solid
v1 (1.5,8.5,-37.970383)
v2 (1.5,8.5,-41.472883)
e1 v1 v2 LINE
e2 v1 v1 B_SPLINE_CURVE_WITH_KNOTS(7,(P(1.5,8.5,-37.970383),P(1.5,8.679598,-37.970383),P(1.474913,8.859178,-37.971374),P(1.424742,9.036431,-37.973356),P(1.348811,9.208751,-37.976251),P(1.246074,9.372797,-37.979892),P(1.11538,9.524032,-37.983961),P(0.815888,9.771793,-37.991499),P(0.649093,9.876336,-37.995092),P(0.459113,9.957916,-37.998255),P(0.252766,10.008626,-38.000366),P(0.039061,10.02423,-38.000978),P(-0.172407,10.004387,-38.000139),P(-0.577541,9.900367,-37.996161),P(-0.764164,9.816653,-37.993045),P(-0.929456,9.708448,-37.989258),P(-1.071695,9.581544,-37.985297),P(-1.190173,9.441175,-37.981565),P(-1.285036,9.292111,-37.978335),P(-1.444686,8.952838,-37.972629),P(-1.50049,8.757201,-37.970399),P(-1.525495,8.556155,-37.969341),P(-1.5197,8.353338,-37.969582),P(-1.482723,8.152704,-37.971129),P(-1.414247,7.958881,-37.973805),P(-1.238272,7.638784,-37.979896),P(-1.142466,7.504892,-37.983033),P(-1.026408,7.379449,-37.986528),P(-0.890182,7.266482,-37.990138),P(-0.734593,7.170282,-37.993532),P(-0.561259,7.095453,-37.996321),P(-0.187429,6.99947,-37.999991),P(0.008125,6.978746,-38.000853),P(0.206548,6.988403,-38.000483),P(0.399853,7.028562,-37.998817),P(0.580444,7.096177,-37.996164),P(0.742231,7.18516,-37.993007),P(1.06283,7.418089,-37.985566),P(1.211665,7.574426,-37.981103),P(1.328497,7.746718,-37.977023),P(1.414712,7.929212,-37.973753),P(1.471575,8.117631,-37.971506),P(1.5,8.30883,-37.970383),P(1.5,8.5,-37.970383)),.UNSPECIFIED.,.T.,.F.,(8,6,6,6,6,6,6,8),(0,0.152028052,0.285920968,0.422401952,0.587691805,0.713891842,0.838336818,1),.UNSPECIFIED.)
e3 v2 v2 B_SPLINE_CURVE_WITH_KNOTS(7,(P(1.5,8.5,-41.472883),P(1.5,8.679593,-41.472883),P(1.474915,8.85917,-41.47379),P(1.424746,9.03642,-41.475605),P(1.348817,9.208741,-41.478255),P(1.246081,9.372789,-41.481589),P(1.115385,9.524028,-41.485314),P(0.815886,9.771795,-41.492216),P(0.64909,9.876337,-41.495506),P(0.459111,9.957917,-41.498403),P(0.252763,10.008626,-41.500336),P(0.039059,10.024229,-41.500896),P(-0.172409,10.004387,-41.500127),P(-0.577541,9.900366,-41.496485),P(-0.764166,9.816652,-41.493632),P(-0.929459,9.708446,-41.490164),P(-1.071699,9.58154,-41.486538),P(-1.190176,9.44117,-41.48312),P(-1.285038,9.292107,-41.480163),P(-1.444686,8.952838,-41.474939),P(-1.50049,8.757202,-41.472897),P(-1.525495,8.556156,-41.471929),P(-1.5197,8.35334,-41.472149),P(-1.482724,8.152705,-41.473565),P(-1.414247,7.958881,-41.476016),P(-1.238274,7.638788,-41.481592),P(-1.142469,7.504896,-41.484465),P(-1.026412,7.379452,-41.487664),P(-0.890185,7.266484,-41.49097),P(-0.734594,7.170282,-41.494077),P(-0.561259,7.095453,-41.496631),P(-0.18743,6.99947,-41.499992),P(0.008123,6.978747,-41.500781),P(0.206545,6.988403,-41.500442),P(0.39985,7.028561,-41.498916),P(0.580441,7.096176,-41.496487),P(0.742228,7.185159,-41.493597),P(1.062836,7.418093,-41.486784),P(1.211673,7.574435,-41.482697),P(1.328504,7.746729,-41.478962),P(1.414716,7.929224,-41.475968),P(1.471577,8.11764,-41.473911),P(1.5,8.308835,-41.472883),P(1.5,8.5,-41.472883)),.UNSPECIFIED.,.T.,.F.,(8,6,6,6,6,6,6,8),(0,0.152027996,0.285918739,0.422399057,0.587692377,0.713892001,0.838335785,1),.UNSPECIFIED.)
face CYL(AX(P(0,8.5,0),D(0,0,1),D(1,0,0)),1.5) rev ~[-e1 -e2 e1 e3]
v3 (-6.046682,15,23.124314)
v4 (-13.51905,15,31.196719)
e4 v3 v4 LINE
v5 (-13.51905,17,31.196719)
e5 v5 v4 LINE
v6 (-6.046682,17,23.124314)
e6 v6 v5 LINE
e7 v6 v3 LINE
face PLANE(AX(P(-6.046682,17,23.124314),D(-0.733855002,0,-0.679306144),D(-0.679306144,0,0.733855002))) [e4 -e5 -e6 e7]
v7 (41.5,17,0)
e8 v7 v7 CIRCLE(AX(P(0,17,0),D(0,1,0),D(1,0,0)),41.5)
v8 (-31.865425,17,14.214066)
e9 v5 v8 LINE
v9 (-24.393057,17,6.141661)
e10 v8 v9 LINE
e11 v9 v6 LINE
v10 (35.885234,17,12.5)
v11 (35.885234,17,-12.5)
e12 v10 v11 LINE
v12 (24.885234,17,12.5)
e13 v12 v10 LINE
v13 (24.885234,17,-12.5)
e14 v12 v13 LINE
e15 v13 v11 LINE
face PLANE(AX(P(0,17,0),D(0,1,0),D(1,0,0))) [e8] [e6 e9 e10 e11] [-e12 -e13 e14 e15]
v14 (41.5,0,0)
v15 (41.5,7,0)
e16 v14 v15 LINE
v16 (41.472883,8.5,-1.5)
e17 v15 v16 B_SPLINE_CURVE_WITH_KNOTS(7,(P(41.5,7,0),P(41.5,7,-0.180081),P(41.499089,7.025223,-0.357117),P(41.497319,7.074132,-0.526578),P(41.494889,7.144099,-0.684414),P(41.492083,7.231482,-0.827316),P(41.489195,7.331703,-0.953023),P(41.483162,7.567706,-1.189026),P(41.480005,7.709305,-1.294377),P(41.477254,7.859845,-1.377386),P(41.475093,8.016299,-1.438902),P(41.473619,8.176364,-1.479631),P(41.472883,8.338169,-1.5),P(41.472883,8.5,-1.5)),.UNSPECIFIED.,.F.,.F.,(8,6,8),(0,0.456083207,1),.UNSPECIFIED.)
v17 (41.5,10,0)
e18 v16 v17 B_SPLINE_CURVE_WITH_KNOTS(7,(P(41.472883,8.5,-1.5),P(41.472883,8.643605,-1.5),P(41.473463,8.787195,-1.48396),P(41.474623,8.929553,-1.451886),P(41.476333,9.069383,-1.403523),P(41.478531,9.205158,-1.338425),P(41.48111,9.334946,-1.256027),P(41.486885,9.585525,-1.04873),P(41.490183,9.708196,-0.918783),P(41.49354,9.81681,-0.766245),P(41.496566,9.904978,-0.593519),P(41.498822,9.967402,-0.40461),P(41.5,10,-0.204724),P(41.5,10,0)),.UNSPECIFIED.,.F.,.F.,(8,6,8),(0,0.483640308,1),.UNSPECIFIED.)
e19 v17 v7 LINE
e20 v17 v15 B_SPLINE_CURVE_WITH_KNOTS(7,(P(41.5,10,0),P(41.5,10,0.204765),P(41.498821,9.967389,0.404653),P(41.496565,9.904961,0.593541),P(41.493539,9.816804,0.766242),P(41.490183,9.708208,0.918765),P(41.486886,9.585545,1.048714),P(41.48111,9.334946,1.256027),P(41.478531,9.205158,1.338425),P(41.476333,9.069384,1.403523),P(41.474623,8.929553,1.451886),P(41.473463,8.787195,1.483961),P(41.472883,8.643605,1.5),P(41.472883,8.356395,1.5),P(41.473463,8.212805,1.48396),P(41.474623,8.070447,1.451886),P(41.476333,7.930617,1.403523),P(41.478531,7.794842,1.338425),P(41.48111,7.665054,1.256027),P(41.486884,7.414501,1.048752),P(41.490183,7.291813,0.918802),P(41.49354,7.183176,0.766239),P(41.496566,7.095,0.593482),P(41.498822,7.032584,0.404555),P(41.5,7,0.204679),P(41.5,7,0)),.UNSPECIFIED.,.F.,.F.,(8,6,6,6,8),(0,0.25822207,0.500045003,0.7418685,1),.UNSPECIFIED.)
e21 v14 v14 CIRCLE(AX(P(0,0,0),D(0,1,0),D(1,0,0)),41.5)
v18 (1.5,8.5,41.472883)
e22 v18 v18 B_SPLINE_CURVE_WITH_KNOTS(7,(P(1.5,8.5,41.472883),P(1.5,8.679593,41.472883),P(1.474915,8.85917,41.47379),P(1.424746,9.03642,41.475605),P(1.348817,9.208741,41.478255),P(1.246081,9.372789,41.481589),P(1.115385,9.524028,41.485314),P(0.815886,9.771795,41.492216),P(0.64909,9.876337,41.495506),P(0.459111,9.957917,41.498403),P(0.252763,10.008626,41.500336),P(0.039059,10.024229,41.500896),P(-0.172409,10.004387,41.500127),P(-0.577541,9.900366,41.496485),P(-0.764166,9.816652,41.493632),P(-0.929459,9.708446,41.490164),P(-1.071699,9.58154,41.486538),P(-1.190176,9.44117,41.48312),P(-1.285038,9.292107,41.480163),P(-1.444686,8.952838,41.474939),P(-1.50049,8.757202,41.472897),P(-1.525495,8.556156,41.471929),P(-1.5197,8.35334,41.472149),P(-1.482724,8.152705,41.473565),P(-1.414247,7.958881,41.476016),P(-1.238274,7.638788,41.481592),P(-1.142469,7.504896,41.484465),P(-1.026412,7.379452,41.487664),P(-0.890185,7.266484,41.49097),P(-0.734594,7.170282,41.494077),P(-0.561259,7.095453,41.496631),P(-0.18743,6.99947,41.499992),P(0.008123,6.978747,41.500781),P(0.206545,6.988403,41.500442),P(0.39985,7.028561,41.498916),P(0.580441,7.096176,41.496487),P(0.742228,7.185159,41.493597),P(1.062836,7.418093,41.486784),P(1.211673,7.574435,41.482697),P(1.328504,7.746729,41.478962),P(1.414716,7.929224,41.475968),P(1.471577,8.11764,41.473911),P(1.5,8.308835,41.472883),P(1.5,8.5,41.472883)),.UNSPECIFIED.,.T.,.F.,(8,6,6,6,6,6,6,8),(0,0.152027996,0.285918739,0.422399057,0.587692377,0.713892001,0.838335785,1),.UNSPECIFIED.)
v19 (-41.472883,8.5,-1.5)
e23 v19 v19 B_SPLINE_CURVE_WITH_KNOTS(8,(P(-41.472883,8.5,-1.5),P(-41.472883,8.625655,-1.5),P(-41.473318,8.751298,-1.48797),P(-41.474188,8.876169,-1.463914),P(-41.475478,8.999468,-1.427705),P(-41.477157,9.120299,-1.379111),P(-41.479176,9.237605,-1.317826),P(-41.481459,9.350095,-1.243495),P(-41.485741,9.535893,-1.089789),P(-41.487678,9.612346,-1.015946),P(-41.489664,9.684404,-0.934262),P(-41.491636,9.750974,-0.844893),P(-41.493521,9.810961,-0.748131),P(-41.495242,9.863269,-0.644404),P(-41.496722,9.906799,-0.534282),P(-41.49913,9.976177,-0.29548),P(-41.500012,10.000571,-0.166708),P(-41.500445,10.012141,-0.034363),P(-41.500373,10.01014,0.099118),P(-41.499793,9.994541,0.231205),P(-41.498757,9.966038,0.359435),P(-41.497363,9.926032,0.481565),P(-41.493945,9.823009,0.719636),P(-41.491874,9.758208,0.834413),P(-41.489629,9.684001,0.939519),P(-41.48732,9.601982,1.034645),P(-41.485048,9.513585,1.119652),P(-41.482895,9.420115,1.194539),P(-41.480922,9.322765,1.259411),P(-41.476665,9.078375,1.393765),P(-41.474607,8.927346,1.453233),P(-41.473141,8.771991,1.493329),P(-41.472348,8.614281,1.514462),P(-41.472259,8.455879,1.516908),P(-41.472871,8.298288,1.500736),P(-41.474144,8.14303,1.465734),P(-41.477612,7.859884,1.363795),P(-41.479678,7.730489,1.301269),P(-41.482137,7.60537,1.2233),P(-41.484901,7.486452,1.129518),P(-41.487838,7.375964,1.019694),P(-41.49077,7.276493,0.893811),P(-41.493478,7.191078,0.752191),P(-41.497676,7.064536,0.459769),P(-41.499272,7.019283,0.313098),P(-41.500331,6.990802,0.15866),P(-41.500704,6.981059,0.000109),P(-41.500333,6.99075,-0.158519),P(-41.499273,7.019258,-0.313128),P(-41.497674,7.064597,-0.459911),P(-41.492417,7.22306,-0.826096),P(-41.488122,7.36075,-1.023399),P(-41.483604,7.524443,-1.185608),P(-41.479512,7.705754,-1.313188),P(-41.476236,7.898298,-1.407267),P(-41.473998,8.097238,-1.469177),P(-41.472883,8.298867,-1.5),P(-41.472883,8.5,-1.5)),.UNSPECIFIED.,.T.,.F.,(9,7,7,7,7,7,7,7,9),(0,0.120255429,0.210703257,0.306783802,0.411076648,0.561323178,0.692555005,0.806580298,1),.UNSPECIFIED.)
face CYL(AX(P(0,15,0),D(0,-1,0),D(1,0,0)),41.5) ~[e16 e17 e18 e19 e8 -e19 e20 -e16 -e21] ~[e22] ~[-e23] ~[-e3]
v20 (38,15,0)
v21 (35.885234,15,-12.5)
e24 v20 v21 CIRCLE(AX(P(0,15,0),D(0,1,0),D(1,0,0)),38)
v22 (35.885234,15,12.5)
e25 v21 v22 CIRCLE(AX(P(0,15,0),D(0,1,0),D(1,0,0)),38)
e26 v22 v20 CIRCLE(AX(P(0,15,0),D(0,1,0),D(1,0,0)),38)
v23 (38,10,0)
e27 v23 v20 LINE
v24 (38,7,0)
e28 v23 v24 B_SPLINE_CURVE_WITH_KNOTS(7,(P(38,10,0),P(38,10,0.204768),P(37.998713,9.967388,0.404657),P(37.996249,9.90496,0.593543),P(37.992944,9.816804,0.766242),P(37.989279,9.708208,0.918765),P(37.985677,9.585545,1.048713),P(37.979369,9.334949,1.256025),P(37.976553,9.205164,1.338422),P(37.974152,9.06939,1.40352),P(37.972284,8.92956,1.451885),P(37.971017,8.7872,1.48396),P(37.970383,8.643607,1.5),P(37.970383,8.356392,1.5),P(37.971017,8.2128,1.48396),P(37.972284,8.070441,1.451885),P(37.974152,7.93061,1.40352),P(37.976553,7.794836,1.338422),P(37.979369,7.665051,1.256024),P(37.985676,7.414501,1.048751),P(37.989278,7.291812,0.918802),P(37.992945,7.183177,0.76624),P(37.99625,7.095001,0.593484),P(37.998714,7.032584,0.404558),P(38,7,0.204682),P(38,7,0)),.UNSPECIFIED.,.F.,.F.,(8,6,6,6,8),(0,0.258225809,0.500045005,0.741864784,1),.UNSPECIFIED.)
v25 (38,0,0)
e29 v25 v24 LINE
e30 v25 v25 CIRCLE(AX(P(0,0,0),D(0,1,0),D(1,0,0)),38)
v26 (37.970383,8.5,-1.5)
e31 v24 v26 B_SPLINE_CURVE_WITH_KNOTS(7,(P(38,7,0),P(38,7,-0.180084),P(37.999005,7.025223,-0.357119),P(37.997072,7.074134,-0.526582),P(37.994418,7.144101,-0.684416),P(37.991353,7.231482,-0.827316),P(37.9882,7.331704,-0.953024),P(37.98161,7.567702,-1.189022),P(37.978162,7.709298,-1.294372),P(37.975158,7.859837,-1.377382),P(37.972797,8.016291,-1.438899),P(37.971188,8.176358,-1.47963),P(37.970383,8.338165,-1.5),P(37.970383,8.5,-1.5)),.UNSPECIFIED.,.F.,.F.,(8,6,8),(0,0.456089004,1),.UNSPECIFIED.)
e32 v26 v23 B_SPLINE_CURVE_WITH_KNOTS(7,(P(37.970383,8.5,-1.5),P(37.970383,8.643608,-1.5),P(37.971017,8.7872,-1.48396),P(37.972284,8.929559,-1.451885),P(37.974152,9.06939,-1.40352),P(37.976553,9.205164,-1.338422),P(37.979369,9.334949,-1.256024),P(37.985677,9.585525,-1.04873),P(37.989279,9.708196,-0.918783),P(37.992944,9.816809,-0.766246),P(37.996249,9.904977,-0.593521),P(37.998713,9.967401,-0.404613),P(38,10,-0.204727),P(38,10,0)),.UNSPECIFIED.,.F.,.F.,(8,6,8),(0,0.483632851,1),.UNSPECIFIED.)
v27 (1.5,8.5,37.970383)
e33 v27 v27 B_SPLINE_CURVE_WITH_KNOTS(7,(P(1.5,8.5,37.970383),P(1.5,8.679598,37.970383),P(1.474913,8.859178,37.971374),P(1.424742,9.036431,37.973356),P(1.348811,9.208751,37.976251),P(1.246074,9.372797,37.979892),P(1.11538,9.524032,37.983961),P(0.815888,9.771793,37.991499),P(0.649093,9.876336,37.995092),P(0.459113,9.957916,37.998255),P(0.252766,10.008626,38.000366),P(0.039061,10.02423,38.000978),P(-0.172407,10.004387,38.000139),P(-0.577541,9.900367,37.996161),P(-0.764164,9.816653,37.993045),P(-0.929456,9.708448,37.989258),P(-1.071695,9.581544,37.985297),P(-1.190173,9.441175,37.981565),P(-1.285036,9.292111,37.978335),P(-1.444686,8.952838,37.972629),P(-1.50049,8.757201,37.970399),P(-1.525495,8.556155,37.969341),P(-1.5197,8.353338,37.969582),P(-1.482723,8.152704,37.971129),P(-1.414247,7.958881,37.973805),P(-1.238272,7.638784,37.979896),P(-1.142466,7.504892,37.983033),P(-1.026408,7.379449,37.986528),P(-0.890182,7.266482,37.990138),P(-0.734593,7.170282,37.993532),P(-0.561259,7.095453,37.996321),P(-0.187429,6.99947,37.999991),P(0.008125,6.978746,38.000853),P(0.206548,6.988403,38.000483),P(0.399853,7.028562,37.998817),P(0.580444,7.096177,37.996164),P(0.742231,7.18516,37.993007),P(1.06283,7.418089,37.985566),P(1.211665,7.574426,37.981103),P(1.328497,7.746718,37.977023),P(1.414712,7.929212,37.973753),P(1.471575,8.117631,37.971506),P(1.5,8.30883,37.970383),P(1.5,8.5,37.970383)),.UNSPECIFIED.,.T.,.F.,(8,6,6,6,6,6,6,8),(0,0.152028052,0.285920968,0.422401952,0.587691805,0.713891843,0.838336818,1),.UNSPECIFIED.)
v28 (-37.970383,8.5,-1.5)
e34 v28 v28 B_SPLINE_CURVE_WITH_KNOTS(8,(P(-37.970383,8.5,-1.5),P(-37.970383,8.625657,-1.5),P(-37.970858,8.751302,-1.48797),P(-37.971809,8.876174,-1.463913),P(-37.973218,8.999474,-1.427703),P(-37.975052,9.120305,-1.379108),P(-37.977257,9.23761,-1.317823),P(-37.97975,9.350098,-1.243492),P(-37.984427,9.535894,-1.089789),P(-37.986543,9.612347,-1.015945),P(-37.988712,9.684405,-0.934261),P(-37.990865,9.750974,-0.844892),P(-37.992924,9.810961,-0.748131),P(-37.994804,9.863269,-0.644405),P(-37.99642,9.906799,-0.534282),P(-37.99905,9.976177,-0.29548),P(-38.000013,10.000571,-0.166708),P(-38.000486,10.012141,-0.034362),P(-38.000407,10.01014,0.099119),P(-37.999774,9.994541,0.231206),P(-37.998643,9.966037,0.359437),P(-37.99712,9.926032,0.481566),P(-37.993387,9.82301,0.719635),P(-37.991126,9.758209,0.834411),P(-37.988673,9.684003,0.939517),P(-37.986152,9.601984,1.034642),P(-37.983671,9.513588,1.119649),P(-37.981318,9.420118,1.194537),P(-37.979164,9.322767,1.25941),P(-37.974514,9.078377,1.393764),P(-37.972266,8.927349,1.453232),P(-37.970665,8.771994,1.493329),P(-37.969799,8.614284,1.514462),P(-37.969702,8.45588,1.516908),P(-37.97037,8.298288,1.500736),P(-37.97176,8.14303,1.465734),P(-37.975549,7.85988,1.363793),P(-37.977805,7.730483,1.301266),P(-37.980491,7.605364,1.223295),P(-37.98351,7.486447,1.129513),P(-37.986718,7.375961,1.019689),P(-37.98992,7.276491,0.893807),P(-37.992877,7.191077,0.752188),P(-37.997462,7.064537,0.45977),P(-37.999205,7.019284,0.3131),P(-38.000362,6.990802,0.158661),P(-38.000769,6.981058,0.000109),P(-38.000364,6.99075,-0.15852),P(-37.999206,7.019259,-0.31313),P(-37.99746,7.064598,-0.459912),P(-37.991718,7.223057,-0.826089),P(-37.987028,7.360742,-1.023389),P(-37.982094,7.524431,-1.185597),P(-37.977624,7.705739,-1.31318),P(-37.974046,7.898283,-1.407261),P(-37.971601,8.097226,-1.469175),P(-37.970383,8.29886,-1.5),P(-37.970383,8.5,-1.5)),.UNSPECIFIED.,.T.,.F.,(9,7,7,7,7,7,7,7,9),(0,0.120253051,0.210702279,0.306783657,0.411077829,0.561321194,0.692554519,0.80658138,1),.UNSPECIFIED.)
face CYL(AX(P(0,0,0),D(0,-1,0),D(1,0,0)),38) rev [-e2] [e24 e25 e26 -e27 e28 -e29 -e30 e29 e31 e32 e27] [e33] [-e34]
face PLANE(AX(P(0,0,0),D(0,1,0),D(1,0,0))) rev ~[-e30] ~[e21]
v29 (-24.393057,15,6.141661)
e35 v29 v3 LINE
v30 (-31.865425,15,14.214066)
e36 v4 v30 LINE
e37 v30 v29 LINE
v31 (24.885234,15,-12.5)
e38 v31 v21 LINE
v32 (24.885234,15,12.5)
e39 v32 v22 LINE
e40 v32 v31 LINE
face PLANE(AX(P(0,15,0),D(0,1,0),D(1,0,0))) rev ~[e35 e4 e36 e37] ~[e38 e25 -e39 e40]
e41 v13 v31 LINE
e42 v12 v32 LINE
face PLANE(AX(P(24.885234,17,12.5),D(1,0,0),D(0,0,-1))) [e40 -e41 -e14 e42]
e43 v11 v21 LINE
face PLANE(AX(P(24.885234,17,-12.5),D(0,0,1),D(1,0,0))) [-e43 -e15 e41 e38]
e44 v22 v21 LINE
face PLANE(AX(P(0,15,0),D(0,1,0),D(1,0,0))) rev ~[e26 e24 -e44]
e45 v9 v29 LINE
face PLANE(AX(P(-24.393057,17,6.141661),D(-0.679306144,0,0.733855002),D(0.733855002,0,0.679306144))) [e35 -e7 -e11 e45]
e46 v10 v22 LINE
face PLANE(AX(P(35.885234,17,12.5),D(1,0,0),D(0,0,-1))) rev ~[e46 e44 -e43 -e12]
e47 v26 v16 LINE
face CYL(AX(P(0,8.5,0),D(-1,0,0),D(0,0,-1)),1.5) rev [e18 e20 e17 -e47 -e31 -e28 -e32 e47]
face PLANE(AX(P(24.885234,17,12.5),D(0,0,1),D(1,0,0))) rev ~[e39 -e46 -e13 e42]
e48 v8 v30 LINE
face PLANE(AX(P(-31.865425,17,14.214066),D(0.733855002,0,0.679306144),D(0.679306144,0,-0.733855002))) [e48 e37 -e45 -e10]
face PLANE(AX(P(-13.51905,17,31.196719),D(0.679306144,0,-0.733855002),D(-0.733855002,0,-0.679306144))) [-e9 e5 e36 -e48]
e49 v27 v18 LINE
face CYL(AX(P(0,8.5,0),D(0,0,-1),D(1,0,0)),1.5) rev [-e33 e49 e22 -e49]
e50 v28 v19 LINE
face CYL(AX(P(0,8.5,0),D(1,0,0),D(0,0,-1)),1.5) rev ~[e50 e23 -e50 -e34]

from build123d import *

# Parameters (mm, degrees)
SKETCH1_R               = 41.5
SKETCH1_R_2             = 38
BOSS_EXTRUDE1_DEPTH     = 15
SKETCH2_R               = 41.5
BOSS_EXTRUDE2_DEPTH     = 2
SKETCH3_W               = 11
SKETCH3_H               = 25
CUT_EXTRUDE1_DEPTH      = 3
SKETCH4_R               = 1.5
CUT_EXTRUDE2_DEPTH      = 80
CUT_EXTRUDE2_DEPTH_BACK = 80
SKETCH5_R               = 1.5
CUT_EXTRUDE4_DEPTH      = 80
CUT_EXTRUDE4_DEPTH_BACK = 80


with BuildPart() as part:
    # Sketch1 → Boss-Extrude1 (new body)
    with BuildSketch(Plane(origin=(0, 0, 0), x_dir=(1, 0, 0), z_dir=(0, 1, 0))):
        Circle(SKETCH1_R)
        Circle(SKETCH1_R_2, mode=Mode.SUBTRACT)
    extrude(amount=BOSS_EXTRUDE1_DEPTH)

    # Sketch2 → Boss-Extrude2 (add)
    with BuildSketch(Plane(origin=(0, 15, 0), x_dir=(1, 0, 0), z_dir=(0, 1, 0))):
        Circle(SKETCH2_R)
    extrude(amount=BOSS_EXTRUDE2_DEPTH)

    # Sketch3 → Cut-Extrude1 (cut)
    with BuildSketch(Plane(origin=(0, 17, 0), x_dir=(1, 0, 0), z_dir=(0, 1, 0))):
        Polygon((-6.046682172, -23.124314263), (-13.51904975, -31.19671928), (-31.86542479, -14.214065692), (-24.393057211, -6.141660674), align=None)
        with Locations((30.385233732, 0)):
            Rectangle(SKETCH3_W, SKETCH3_H)
    extrude(amount=-CUT_EXTRUDE1_DEPTH, mode=Mode.SUBTRACT)

    # Sketch4 → Cut-Extrude2 (cut, two sides)
    with BuildSketch(Plane.XY) as cut_extrude2_sk:
        with Locations((0, 8.5)):
            Circle(SKETCH4_R)
    extrude(amount=CUT_EXTRUDE2_DEPTH, mode=Mode.SUBTRACT)
    extrude(cut_extrude2_sk.sketch, amount=-CUT_EXTRUDE2_DEPTH_BACK, mode=Mode.SUBTRACT)

    # Sketch5 → Cut-Extrude4 (cut, two sides)
    with BuildSketch(Plane(origin=(0, 0, 0), x_dir=(0, 0, -1), z_dir=(1, 0, 0))) as cut_extrude4_sk:
        with Locations((0, 8.5)):
            Circle(SKETCH5_R)
    extrude(amount=CUT_EXTRUDE4_DEPTH, mode=Mode.SUBTRACT)
    extrude(cut_extrude4_sk.sketch, amount=-CUT_EXTRUDE4_DEPTH_BACK, mode=Mode.SUBTRACT)


solid = part.part
